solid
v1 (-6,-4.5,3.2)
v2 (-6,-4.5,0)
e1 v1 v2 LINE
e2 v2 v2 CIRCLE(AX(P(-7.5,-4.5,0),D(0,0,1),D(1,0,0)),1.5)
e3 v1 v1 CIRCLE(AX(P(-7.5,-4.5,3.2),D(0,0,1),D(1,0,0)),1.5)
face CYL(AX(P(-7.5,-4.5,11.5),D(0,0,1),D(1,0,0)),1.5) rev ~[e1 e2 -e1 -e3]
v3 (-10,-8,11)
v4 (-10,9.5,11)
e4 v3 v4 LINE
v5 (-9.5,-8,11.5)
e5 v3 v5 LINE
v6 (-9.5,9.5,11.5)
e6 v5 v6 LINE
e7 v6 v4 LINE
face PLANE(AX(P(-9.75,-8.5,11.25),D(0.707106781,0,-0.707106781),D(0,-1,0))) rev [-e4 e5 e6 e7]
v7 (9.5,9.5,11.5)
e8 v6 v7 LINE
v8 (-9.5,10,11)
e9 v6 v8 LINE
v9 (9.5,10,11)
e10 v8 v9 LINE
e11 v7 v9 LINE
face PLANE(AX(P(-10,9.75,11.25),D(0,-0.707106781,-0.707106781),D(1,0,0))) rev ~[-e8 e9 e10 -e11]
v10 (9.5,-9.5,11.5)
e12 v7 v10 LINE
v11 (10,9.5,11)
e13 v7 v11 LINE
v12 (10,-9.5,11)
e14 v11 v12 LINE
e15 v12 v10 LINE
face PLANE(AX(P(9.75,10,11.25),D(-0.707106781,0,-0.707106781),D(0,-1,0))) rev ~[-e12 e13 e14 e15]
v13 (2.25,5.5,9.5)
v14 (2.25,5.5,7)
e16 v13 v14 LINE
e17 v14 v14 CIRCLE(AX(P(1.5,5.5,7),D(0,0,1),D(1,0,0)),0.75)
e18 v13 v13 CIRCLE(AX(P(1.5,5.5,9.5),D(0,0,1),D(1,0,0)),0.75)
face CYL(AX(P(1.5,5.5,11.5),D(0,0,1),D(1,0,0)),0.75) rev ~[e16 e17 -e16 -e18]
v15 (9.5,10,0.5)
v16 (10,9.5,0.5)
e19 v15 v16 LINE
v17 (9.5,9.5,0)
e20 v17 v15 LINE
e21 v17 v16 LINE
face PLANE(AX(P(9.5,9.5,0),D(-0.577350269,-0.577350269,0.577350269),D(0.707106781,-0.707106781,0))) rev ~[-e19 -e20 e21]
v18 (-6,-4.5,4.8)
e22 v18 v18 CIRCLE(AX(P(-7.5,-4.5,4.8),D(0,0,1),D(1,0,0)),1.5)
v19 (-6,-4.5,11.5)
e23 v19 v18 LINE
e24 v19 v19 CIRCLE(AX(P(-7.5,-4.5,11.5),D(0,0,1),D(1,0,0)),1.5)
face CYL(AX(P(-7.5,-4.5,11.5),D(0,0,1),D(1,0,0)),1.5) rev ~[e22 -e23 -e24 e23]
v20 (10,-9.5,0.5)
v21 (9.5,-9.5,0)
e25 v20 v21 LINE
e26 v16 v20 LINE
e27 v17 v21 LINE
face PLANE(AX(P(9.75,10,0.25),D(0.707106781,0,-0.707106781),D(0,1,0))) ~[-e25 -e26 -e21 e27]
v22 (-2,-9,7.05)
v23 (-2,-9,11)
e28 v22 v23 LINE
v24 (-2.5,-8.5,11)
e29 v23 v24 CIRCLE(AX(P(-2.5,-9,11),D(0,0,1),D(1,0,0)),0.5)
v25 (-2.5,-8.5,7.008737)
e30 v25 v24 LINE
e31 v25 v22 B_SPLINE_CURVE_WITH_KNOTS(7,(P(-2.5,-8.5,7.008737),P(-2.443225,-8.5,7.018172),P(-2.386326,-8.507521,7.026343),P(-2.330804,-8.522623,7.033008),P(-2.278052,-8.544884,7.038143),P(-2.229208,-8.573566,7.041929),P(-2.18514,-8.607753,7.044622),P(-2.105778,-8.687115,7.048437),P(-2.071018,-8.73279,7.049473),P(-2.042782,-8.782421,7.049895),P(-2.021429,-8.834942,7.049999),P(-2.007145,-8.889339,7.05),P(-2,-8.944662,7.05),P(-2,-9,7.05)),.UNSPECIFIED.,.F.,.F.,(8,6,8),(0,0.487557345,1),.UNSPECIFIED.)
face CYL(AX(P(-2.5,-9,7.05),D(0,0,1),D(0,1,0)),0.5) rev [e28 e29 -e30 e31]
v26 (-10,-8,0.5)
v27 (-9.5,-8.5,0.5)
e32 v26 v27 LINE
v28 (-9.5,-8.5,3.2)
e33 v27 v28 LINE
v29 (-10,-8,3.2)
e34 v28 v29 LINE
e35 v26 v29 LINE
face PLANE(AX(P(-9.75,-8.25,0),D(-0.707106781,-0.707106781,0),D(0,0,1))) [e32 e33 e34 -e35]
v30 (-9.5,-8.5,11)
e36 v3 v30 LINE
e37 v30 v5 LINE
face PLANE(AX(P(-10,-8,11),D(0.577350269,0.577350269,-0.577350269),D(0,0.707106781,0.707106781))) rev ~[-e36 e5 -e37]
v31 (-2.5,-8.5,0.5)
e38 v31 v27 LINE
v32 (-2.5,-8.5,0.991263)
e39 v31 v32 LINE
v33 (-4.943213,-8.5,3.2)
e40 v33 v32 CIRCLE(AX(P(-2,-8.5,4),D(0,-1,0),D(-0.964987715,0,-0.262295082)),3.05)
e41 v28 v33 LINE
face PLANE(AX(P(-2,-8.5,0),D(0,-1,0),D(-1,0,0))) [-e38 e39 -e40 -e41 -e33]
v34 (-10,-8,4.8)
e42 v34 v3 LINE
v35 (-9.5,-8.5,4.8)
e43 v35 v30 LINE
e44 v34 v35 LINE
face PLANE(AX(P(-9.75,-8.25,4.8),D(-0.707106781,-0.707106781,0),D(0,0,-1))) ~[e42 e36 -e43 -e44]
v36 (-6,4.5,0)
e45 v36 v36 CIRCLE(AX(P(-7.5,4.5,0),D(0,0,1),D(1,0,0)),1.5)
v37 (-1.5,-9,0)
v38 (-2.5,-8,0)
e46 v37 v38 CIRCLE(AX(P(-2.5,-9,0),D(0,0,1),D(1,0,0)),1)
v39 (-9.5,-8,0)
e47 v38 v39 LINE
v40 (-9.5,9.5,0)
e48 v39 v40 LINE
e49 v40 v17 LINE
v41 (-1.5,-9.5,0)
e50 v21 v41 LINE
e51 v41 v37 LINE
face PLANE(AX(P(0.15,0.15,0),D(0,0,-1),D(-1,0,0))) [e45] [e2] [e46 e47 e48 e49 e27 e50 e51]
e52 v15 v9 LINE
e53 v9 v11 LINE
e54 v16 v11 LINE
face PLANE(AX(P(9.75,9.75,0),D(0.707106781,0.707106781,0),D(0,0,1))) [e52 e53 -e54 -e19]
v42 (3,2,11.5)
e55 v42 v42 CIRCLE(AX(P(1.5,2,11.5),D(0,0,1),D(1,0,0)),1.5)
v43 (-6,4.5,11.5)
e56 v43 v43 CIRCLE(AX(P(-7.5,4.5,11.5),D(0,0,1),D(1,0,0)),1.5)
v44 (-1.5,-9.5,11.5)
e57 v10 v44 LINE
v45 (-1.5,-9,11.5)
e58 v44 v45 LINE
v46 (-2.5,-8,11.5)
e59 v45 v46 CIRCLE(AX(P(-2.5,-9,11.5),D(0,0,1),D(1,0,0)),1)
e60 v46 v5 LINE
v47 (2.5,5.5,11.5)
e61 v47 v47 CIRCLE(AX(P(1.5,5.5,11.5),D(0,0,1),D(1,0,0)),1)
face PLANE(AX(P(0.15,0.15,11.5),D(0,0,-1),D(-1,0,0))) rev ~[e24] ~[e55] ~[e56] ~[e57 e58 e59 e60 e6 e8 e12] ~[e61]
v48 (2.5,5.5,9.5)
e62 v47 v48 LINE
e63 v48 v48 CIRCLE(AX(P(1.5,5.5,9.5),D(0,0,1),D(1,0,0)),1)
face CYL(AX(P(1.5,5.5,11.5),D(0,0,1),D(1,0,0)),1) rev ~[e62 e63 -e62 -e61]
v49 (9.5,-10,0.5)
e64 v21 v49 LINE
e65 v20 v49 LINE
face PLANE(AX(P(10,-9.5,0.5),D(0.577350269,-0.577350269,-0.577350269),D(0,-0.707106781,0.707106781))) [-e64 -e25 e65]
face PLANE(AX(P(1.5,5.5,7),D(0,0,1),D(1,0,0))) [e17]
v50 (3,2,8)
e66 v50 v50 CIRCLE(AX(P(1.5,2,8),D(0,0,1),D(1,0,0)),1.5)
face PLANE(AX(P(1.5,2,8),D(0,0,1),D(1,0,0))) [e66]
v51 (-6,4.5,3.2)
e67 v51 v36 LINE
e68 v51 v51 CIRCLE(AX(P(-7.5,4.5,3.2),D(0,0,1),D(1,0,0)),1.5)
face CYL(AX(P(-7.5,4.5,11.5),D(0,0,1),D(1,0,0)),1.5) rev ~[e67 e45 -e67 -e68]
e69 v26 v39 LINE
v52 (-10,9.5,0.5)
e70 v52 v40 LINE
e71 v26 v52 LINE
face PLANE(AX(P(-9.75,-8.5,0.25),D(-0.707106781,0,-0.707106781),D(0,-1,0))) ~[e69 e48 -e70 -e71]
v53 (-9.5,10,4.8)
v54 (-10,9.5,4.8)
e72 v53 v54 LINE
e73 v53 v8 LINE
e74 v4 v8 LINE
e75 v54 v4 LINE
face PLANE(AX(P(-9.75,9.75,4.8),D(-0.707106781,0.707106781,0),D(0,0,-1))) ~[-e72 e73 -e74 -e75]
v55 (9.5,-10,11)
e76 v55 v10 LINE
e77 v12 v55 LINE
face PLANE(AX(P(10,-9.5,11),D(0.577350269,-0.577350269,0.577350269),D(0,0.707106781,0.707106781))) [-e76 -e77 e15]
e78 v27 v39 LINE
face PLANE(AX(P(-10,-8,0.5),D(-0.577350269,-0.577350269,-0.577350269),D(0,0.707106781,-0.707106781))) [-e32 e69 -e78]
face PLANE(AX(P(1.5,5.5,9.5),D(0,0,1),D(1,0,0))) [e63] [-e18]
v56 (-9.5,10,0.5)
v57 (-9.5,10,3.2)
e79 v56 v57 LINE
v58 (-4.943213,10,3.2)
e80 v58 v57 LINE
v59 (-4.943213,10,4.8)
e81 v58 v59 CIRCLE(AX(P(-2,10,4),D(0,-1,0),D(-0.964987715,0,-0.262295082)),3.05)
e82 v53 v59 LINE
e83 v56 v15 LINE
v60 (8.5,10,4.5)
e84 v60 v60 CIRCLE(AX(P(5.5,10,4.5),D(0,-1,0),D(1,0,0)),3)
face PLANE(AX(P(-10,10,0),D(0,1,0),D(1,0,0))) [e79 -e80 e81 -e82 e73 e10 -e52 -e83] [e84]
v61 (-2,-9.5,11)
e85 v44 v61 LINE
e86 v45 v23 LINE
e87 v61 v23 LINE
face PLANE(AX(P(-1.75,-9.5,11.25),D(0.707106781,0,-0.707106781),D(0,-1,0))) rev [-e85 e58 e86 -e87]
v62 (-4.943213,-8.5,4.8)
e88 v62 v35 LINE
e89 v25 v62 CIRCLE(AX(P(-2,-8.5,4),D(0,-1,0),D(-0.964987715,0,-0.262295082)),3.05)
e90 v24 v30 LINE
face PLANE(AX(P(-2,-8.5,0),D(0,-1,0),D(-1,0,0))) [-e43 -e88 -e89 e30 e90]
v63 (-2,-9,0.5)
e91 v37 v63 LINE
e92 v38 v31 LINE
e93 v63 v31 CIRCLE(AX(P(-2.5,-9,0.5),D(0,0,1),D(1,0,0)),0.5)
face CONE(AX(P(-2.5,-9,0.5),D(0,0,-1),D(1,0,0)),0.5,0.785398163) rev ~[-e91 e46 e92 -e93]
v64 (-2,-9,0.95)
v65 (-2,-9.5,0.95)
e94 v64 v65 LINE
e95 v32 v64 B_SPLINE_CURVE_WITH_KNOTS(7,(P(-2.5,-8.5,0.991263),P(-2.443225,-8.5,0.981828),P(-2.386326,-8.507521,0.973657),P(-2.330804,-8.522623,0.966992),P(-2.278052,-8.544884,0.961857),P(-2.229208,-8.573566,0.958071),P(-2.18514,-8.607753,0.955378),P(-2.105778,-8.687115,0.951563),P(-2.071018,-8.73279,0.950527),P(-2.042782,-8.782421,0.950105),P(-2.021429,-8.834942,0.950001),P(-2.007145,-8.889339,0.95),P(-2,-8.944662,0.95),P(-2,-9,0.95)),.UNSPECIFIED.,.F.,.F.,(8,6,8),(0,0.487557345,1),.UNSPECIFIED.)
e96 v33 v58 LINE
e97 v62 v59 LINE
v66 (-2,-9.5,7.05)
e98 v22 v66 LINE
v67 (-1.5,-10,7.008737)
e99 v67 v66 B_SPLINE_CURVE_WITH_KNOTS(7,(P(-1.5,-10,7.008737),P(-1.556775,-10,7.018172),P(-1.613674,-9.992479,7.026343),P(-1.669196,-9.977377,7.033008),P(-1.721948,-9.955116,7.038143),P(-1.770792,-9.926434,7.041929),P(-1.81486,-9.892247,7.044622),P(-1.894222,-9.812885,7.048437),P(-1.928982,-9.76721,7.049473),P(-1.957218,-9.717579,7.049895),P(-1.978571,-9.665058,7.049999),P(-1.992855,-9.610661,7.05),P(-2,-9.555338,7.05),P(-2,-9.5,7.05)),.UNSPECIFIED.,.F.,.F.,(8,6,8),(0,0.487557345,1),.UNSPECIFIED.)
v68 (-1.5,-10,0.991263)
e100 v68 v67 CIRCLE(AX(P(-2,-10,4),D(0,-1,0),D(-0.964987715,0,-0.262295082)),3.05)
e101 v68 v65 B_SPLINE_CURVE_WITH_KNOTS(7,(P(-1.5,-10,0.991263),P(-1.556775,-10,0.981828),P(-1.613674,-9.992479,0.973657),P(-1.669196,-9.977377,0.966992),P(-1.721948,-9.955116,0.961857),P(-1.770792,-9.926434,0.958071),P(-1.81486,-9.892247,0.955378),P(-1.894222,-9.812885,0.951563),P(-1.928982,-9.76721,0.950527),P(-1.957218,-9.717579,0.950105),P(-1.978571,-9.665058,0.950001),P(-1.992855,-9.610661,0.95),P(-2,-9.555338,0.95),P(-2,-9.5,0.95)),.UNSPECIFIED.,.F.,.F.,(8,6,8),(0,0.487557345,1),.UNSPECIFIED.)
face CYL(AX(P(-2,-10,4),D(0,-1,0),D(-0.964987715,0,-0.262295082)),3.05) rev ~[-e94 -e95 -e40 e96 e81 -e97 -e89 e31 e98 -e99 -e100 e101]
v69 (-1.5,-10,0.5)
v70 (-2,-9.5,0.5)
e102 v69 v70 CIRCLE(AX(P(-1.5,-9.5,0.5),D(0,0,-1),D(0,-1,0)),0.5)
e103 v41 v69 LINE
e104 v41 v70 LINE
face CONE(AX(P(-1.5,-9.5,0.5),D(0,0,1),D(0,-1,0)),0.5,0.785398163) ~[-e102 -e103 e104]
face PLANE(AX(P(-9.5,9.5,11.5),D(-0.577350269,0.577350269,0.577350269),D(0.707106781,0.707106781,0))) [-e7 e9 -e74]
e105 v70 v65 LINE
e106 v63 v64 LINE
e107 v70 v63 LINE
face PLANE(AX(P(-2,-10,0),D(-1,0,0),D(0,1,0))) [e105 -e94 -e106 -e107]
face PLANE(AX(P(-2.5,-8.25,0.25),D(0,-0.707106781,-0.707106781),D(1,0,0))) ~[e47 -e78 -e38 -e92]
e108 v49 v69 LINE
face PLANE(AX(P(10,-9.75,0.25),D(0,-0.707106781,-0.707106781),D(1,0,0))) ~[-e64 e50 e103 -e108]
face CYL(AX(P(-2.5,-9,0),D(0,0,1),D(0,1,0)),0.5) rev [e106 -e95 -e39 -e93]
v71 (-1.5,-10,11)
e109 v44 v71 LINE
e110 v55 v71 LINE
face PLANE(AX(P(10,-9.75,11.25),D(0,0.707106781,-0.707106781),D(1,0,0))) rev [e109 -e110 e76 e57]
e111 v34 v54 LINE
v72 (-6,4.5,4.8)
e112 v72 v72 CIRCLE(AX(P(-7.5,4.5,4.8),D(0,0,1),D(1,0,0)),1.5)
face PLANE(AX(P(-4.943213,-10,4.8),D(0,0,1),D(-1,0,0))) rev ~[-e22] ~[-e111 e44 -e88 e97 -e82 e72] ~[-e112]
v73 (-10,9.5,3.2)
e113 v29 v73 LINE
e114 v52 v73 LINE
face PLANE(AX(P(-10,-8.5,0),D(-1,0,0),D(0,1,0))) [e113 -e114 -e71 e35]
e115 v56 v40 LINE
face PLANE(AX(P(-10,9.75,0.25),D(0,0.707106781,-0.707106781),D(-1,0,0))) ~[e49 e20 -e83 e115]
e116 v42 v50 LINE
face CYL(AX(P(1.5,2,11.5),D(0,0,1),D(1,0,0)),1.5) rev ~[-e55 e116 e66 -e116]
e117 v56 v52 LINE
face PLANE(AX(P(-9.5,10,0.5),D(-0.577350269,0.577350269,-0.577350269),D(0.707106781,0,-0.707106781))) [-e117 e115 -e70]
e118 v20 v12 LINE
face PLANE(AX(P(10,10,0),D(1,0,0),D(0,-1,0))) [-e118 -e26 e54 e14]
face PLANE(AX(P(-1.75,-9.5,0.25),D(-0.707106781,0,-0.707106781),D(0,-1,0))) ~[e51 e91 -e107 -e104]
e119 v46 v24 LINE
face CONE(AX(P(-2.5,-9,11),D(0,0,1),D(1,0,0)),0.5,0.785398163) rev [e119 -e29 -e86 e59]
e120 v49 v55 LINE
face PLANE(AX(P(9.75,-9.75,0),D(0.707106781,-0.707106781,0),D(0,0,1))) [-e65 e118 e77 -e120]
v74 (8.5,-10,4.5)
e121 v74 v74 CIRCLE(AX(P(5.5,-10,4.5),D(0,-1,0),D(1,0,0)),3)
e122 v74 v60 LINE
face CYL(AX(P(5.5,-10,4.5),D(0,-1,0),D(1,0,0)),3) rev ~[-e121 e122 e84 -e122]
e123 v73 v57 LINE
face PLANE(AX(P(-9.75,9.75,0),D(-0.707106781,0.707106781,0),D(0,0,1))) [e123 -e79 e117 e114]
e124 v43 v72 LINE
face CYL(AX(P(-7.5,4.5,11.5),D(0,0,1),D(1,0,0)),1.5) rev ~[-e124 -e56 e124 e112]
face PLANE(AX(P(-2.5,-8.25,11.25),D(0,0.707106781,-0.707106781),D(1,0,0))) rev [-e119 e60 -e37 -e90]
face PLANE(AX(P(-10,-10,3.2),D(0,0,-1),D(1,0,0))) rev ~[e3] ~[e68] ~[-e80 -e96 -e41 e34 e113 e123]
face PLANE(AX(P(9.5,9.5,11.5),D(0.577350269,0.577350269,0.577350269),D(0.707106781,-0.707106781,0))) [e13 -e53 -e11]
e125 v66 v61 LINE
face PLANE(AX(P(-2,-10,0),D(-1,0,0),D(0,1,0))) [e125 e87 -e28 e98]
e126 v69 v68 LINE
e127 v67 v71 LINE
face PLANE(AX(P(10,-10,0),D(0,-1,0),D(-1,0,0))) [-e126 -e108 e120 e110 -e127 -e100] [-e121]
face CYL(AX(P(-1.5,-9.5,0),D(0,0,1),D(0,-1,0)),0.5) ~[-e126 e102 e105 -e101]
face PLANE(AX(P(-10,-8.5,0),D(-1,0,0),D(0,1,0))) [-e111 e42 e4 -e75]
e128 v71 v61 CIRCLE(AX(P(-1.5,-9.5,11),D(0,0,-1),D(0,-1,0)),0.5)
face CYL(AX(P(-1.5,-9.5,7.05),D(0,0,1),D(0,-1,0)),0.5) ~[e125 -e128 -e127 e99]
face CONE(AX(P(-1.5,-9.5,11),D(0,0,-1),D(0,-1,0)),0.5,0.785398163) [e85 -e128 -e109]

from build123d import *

# Parameters (mm, degrees)
BOSS_EXTRUDE1_DEPTH = 11.5
SKETCH2_R           = 1.5
CUT_EXTRUDE1_DEPTH  = 19.227726134
SKETCH2_3_R         = 0.75
CUT_EXTRUDE2_DEPTH  = 4.5
SKETCH2_4_R         = 1
CUT_EXTRUDE3_DEPTH  = 2
SKETCH2_5_R         = 1.5
CUT_EXTRUDE4_DEPTH  = 3.5
CUT_EXTRUDE5_DEPTH  = 26.144581921
SKETCH3_4_R         = 3
CUT_EXTRUDE6_DEPTH  = 26.144581921
FILLET1_R           = 0.5
CHAMFER1_SIZE       = 0.5


with BuildPart() as part:
    # Sketch1 → Boss-Extrude1 (new body)
    with BuildSketch(Plane.XY):
        Polygon((-10, 10), (10, 10), (10, -10), (-2, -10), (-2, -8.5), (-10, -8.5), align=None)
    extrude(amount=BOSS_EXTRUDE1_DEPTH)

    # Sketch2 → Cut-Extrude1 (cut, through all)
    with BuildSketch(Plane.XY.offset(11.5)):
        with Locations((-7.5, 4.5)):
            Circle(SKETCH2_R)
        with Locations((-7.5, -4.5)):
            Circle(SKETCH2_R)
    extrude(amount=-CUT_EXTRUDE1_DEPTH, mode=Mode.SUBTRACT)

    # Sketch2<3> → Cut-Extrude2 (cut)
    with BuildSketch(Plane.XY.offset(11.5)):
        with Locations((1.5, 5.5)):
            Circle(SKETCH2_3_R)
    extrude(amount=-CUT_EXTRUDE2_DEPTH, mode=Mode.SUBTRACT)

    # Sketch2<4> → Cut-Extrude3 (cut)
    with BuildSketch(Plane.XY.offset(11.5)):
        with Locations((1.5, 5.5)):
            Circle(SKETCH2_4_R)
    extrude(amount=-CUT_EXTRUDE3_DEPTH, mode=Mode.SUBTRACT)

    # Sketch2<5> → Cut-Extrude4 (cut)
    with BuildSketch(Plane.XY.offset(11.5)):
        with Locations((1.5, 2)):
            Circle(SKETCH2_5_R)
    extrude(amount=-CUT_EXTRUDE4_DEPTH, mode=Mode.SUBTRACT)

    # Sketch3 → Cut-Extrude5 (cut, through all)
    with BuildSketch(Plane.XZ.offset(10)):
        with BuildLine():
            Line((-4.943212531, 4.8), (-10, 4.8))
            Line((-10, 4.8), (-10, 3.2))
            Line((-10, 3.2), (-4.943212531, 3.2))
            ThreePointArc((-4.943212531, 3.2), (1.05, 4), (-4.943212531, 4.8))
        make_face()
    extrude(amount=-CUT_EXTRUDE5_DEPTH, mode=Mode.SUBTRACT)

    # Sketch3<4> → Cut-Extrude6 (cut, through all)
    with BuildSketch(Plane.XZ.offset(10)):
        with Locations((5.5, 4.5)):
            Circle(SKETCH3_4_R)
    extrude(amount=-CUT_EXTRUDE6_DEPTH, mode=Mode.SUBTRACT)

    # Fillet1
    fillet1_edges = [part.edges().sort_by_distance(p)[0] for p in [
        (-2, -8.5, 0.475),
        (-2, -10, 9.275),
        (-2, -8.5, 9.275),
        (-2, -10, 0.475),
    ]]
    fillet(fillet1_edges, radius=FILLET1_R)

    # Chamfer1
    chamfer1_edges = [part.edges().sort_by_distance(p)[0] for p in [
        (4.25, -10, 0),
        (-6.25, -8.5, 11.5),
        (-1.853553391, -9.853553391, 0),
        (-2.146446609, -8.646446609, 11.5),
        (-2, -9.25, 0),
        (-2, -9.25, 11.5),
        (-2.146446609, -8.646446609, 0),
        (-1.853553391, -9.853553391, 11.5),
        (10, 10, 5.75),
        (-6.25, -8.5, 0),
        (-10, -8.5, 1.6),
        (-10, 0.75, 0),
        (-10, 10, 1.6),
        (0, 10, 0),
        (10, 0, 0),
        (10, -10, 5.75),
        (-10, -8.5, 8.15),
        (-10, 10, 8.15),
        (-10, 0.75, 11.5),
        (0, 10, 11.5),
        (10, 0, 11.5),
        (4.25, -10, 11.5),
    ]]
    chamfer(chamfer1_edges, length=CHAMFER1_SIZE)


solid = part.part
